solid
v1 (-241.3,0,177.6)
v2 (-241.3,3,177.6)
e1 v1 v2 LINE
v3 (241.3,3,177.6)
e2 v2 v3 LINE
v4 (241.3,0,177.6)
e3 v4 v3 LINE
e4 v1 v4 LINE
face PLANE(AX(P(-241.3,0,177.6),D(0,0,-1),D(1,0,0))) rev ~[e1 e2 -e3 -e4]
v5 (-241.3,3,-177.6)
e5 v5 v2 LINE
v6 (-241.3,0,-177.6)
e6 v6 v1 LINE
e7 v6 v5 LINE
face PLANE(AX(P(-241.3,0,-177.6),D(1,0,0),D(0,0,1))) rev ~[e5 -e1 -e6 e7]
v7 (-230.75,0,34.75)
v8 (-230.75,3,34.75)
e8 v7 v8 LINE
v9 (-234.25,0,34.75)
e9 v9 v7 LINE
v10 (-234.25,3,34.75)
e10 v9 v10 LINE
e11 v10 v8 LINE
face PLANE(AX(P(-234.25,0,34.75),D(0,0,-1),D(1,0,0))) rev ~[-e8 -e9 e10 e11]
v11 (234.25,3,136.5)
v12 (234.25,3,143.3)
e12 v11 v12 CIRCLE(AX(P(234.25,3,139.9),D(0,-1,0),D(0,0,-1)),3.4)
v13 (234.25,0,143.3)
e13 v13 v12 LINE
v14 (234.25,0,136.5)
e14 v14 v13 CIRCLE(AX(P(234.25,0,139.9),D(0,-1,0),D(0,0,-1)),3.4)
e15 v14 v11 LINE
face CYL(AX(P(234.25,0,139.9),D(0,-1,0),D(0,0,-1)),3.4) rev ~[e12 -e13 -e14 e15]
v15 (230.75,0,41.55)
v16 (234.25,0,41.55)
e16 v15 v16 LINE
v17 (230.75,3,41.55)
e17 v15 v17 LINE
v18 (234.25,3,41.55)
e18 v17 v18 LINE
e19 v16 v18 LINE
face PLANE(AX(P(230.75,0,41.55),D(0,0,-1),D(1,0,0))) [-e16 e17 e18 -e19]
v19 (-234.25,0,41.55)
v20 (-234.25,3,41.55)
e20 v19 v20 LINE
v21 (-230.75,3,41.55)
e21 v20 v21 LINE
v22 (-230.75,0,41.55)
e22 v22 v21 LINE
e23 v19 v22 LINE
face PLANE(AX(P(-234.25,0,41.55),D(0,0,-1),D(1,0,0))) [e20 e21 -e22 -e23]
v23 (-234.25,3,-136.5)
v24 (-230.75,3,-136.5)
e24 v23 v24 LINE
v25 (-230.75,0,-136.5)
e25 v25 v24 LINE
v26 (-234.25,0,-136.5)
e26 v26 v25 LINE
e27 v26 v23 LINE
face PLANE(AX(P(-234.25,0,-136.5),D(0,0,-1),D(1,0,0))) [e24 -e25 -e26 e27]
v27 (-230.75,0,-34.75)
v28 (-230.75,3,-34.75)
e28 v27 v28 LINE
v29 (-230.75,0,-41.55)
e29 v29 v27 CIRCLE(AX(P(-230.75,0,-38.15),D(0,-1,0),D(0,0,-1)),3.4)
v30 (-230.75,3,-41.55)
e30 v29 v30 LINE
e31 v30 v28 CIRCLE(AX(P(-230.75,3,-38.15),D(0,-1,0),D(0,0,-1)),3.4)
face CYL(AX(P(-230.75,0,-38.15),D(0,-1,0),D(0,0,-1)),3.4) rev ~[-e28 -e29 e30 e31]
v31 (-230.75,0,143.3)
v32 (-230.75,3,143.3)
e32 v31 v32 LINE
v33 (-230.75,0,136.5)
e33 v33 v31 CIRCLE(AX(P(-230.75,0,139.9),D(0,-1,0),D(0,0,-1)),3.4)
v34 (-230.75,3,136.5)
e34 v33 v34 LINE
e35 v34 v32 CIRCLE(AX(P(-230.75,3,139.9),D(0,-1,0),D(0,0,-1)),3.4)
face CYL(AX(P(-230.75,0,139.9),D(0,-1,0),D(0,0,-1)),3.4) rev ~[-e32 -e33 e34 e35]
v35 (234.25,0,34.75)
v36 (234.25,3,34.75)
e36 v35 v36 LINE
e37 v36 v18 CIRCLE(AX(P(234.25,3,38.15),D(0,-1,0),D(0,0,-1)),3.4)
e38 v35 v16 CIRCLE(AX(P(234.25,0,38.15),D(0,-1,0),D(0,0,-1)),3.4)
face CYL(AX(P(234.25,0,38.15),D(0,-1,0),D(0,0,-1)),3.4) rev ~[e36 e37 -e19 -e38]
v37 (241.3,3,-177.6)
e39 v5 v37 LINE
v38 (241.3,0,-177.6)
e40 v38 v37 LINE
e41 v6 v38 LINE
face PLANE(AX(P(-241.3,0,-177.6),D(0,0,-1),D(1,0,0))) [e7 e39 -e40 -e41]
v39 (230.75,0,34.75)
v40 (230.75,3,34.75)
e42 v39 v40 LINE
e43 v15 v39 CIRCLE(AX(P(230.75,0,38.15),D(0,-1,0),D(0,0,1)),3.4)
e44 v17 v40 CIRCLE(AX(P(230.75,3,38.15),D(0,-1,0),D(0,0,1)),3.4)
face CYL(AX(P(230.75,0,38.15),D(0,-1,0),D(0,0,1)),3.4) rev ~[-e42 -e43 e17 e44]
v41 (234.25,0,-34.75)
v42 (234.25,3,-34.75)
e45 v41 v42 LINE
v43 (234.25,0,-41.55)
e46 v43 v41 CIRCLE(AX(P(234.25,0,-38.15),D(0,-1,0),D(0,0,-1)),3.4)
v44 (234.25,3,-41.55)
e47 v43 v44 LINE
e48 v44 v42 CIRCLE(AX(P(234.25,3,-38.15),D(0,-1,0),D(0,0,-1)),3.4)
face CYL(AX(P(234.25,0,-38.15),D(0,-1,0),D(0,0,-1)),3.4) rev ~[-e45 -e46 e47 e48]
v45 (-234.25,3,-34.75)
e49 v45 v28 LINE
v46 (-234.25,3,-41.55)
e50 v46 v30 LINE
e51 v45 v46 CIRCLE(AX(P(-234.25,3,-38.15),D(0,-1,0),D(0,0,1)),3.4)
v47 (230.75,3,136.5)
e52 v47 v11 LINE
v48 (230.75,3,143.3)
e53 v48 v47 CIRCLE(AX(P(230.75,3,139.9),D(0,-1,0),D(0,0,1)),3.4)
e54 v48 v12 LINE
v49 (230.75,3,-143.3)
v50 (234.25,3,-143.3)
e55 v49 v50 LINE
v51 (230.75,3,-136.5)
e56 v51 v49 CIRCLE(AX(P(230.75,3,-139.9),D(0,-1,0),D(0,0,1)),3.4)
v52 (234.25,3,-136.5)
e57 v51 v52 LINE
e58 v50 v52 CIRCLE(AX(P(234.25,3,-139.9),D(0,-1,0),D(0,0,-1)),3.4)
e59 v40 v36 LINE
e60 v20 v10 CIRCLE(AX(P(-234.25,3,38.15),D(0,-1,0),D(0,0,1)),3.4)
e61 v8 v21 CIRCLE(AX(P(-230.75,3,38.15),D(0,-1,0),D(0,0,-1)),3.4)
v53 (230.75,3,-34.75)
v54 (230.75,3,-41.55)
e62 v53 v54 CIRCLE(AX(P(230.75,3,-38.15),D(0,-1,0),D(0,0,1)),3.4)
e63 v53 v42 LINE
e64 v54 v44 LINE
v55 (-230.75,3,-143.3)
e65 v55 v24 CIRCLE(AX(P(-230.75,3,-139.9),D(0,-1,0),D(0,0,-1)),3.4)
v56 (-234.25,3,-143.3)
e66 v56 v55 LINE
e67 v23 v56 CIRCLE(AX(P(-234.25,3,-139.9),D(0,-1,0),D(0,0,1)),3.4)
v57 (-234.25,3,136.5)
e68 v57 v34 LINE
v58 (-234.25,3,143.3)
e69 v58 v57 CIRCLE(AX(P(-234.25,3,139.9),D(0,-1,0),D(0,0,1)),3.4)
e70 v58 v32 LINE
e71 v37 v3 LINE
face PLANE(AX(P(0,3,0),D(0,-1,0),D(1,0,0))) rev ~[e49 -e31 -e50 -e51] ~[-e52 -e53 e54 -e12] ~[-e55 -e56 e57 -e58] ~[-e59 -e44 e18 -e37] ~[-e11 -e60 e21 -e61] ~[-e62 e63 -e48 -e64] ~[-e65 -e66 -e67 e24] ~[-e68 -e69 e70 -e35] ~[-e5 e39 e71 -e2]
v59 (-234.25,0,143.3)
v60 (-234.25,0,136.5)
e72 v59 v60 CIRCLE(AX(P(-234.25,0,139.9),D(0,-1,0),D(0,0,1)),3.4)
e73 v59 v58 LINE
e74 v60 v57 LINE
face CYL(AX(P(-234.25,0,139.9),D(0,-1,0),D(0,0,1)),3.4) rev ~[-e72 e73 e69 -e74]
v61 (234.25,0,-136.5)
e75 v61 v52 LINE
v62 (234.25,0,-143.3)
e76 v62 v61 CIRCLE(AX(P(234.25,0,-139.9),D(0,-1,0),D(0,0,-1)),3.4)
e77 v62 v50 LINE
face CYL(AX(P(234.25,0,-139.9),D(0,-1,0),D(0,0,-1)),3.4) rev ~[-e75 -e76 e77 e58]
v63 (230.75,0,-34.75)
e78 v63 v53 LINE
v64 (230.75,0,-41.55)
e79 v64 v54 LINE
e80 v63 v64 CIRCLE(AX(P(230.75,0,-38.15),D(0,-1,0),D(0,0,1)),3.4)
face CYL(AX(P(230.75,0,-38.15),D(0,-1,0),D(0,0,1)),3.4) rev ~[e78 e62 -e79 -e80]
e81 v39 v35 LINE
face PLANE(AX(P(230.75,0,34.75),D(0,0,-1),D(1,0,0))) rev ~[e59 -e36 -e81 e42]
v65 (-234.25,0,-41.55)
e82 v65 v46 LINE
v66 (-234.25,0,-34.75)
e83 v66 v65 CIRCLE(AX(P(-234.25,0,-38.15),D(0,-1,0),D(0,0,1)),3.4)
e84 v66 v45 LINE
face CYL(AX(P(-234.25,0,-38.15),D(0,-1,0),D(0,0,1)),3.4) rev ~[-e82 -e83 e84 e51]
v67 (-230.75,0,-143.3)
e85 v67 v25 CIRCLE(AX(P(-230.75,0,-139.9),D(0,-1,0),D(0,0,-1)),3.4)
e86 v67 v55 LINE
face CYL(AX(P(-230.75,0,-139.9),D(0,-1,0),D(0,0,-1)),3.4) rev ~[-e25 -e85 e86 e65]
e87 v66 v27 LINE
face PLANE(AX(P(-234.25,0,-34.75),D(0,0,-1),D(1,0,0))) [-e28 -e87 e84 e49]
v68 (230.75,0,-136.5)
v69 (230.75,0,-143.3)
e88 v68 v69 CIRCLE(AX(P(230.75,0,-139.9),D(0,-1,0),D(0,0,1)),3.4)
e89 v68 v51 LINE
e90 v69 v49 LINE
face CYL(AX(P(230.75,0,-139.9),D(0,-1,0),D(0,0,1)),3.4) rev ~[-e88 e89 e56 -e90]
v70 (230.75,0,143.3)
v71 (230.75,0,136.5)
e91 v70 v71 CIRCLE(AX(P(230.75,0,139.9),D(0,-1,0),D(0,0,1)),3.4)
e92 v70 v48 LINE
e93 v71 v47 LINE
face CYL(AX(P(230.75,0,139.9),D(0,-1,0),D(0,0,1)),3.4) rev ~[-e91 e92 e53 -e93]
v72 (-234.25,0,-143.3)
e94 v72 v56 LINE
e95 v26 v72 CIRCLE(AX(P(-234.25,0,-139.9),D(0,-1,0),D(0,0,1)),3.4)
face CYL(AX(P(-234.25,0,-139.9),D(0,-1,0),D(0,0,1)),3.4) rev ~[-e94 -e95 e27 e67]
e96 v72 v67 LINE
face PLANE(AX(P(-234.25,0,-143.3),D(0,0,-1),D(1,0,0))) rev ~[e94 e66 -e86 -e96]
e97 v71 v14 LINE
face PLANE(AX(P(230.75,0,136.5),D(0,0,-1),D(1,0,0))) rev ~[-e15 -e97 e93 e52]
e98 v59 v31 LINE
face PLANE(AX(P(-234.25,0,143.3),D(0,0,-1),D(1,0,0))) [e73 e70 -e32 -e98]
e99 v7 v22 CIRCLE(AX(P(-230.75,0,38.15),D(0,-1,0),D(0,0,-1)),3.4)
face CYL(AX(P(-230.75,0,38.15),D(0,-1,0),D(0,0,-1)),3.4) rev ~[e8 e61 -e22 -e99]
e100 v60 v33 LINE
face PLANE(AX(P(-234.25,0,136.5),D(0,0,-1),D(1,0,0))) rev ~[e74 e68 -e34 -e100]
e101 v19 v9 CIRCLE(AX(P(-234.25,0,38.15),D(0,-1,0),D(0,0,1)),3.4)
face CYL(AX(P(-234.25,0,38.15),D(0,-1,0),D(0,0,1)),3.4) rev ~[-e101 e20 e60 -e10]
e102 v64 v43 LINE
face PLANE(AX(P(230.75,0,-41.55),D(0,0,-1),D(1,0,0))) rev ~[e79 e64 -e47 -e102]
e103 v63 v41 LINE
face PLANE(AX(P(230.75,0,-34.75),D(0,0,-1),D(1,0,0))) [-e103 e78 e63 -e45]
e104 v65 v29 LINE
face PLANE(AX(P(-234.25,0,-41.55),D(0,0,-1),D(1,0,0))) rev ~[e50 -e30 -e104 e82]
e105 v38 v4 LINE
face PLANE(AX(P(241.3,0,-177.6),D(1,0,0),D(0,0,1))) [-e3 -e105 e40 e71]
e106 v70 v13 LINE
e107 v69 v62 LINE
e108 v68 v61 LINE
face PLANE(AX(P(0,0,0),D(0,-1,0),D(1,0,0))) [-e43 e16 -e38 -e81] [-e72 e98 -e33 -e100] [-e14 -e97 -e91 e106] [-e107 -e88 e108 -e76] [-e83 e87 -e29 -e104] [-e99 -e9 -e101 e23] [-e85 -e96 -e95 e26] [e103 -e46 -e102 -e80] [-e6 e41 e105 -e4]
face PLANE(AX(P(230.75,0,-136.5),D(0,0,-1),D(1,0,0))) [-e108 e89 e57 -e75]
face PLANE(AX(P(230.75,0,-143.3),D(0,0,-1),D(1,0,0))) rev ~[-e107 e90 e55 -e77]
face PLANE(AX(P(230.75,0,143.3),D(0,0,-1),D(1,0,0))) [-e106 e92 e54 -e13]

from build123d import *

# Parameters (mm, degrees)
F0_W      = 482.6
F0_H      = 355.2
F1_DEPTH  = 3
F2_W      = 3.5
F2_H      = 6.8
F3_W      = 3.5
F3_H      = 6.8
F4_W      = 3.5
F4_H      = 6.8
F5_W      = 3.5
F5_H      = 6.8
F6_DEPTH  = 3
F7_W      = 3.5
F7_H      = 6.8
F8_W      = 3.5
F8_H      = 6.8
F9_W      = 3.5
F9_H      = 6.8
F10_W     = 3.5
F10_H     = 6.8
F11_DEPTH = 3


with BuildPart() as f1:
    # F0 (on Front) → F1 (new body)
    with BuildSketch(Plane.XZ):
        Rectangle(F0_W, F0_H)
    extrude(amount=-F1_DEPTH)

    # F2 (on face) + F3 (on face) + F4 (on face) + F5 (on face) → F6 (cut)
    with BuildSketch(Plane.XZ):
        with Locations((-232.5, 139.9)):
            Rectangle(F2_W, F2_H)
        with BuildLine():
            Line((-230.75, 143.3), (-230.75, 136.5))
            ThreePointArc((-230.75, 136.5), (-227.35, 139.9), (-230.75, 143.3))
        make_face()
        with BuildLine():
            ThreePointArc((-234.25, 143.3), (-237.65, 139.9), (-234.25, 136.5))
            Line((-234.25, 136.5), (-234.25, 143.3))
        make_face()
    with BuildSketch(Plane.XZ):
        with Locations((-232.5, 38.15)):
            Rectangle(F3_W, F3_H)
        with BuildLine():
            Line((-230.75, 41.55), (-230.75, 34.75))
            ThreePointArc((-230.75, 34.75), (-227.35, 38.15), (-230.75, 41.55))
        make_face()
        with BuildLine():
            ThreePointArc((-234.25, 41.55), (-237.65, 38.15), (-234.25, 34.75))
            Line((-234.25, 34.75), (-234.25, 41.55))
        make_face()
    with BuildSketch(Plane.XZ):
        with Locations((-232.5, -38.15)):
            Rectangle(F4_W, F4_H)
        with BuildLine():
            Line((-230.75, -34.75), (-230.75, -41.55))
            ThreePointArc((-230.75, -41.55), (-227.35, -38.15), (-230.75, -34.75))
        make_face()
        with BuildLine():
            ThreePointArc((-234.25, -34.75), (-237.65, -38.15), (-234.25, -41.55))
            Line((-234.25, -41.55), (-234.25, -34.75))
        make_face()
    with BuildSketch(Plane.XZ):
        with Locations((-232.5, -139.9)):
            Rectangle(F5_W, F5_H)
        with BuildLine():
            Line((-234.25, -143.3), (-234.25, -136.5))
            ThreePointArc((-234.25, -136.5), (-237.65, -139.9), (-234.25, -143.3))
        make_face()
        with BuildLine():
            ThreePointArc((-230.75, -143.3), (-227.35, -139.9), (-230.75, -136.5))
            Line((-230.75, -136.5), (-230.75, -143.3))
        make_face()
    extrude(amount=-F6_DEPTH, mode=Mode.SUBTRACT)

    # F7 (on face) + F8 (on face) + F9 (on face) + F10 (on face) → F11 (cut)
    with BuildSketch(Plane.XZ):
        with Locations((232.5, 139.9)):
            Rectangle(F7_W, F7_H)
        with BuildLine():
            Line((234.25, 143.3), (234.25, 136.5))
            ThreePointArc((234.25, 136.5), (237.65, 139.9), (234.25, 143.3))
        make_face()
        with BuildLine():
            ThreePointArc((230.75, 143.3), (227.35, 139.9), (230.75, 136.5))
            Line((230.75, 136.5), (230.75, 143.3))
        make_face()
    with BuildSketch(Plane.XZ):
        with Locations((232.5, 38.15)):
            Rectangle(F8_W, F8_H)
        with BuildLine():
            Line((234.25, 41.55), (234.25, 34.75))
            ThreePointArc((234.25, 34.75), (237.65, 38.15), (234.25, 41.55))
        make_face()
        with BuildLine():
            ThreePointArc((230.75, 41.55), (227.35, 38.15), (230.75, 34.75))
            Line((230.75, 34.75), (230.75, 41.55))
        make_face()
    with BuildSketch(Plane.XZ):
        with Locations((232.5, -38.15)):
            Rectangle(F9_W, F9_H)
        with BuildLine():
            Line((234.25, -34.75), (234.25, -41.55))
            ThreePointArc((234.25, -41.55), (237.65, -38.15), (234.25, -34.75))
        make_face()
        with BuildLine():
            ThreePointArc((230.75, -34.75), (227.35, -38.15), (230.75, -41.55))
            Line((230.75, -41.55), (230.75, -34.75))
        make_face()
    with BuildSketch(Plane.XZ):
        with Locations((232.5, -139.9)):
            Rectangle(F10_W, F10_H)
        with BuildLine():
            Line((234.25, -136.5), (234.25, -143.3))
            ThreePointArc((234.25, -143.3), (237.65, -139.9), (234.25, -136.5))
        make_face()
        with BuildLine():
            ThreePointArc((230.75, -136.5), (227.35, -139.9), (230.75, -143.3))
            Line((230.75, -143.3), (230.75, -136.5))
        make_face()
    extrude(amount=-F11_DEPTH, mode=Mode.SUBTRACT)


solid = f1.part
